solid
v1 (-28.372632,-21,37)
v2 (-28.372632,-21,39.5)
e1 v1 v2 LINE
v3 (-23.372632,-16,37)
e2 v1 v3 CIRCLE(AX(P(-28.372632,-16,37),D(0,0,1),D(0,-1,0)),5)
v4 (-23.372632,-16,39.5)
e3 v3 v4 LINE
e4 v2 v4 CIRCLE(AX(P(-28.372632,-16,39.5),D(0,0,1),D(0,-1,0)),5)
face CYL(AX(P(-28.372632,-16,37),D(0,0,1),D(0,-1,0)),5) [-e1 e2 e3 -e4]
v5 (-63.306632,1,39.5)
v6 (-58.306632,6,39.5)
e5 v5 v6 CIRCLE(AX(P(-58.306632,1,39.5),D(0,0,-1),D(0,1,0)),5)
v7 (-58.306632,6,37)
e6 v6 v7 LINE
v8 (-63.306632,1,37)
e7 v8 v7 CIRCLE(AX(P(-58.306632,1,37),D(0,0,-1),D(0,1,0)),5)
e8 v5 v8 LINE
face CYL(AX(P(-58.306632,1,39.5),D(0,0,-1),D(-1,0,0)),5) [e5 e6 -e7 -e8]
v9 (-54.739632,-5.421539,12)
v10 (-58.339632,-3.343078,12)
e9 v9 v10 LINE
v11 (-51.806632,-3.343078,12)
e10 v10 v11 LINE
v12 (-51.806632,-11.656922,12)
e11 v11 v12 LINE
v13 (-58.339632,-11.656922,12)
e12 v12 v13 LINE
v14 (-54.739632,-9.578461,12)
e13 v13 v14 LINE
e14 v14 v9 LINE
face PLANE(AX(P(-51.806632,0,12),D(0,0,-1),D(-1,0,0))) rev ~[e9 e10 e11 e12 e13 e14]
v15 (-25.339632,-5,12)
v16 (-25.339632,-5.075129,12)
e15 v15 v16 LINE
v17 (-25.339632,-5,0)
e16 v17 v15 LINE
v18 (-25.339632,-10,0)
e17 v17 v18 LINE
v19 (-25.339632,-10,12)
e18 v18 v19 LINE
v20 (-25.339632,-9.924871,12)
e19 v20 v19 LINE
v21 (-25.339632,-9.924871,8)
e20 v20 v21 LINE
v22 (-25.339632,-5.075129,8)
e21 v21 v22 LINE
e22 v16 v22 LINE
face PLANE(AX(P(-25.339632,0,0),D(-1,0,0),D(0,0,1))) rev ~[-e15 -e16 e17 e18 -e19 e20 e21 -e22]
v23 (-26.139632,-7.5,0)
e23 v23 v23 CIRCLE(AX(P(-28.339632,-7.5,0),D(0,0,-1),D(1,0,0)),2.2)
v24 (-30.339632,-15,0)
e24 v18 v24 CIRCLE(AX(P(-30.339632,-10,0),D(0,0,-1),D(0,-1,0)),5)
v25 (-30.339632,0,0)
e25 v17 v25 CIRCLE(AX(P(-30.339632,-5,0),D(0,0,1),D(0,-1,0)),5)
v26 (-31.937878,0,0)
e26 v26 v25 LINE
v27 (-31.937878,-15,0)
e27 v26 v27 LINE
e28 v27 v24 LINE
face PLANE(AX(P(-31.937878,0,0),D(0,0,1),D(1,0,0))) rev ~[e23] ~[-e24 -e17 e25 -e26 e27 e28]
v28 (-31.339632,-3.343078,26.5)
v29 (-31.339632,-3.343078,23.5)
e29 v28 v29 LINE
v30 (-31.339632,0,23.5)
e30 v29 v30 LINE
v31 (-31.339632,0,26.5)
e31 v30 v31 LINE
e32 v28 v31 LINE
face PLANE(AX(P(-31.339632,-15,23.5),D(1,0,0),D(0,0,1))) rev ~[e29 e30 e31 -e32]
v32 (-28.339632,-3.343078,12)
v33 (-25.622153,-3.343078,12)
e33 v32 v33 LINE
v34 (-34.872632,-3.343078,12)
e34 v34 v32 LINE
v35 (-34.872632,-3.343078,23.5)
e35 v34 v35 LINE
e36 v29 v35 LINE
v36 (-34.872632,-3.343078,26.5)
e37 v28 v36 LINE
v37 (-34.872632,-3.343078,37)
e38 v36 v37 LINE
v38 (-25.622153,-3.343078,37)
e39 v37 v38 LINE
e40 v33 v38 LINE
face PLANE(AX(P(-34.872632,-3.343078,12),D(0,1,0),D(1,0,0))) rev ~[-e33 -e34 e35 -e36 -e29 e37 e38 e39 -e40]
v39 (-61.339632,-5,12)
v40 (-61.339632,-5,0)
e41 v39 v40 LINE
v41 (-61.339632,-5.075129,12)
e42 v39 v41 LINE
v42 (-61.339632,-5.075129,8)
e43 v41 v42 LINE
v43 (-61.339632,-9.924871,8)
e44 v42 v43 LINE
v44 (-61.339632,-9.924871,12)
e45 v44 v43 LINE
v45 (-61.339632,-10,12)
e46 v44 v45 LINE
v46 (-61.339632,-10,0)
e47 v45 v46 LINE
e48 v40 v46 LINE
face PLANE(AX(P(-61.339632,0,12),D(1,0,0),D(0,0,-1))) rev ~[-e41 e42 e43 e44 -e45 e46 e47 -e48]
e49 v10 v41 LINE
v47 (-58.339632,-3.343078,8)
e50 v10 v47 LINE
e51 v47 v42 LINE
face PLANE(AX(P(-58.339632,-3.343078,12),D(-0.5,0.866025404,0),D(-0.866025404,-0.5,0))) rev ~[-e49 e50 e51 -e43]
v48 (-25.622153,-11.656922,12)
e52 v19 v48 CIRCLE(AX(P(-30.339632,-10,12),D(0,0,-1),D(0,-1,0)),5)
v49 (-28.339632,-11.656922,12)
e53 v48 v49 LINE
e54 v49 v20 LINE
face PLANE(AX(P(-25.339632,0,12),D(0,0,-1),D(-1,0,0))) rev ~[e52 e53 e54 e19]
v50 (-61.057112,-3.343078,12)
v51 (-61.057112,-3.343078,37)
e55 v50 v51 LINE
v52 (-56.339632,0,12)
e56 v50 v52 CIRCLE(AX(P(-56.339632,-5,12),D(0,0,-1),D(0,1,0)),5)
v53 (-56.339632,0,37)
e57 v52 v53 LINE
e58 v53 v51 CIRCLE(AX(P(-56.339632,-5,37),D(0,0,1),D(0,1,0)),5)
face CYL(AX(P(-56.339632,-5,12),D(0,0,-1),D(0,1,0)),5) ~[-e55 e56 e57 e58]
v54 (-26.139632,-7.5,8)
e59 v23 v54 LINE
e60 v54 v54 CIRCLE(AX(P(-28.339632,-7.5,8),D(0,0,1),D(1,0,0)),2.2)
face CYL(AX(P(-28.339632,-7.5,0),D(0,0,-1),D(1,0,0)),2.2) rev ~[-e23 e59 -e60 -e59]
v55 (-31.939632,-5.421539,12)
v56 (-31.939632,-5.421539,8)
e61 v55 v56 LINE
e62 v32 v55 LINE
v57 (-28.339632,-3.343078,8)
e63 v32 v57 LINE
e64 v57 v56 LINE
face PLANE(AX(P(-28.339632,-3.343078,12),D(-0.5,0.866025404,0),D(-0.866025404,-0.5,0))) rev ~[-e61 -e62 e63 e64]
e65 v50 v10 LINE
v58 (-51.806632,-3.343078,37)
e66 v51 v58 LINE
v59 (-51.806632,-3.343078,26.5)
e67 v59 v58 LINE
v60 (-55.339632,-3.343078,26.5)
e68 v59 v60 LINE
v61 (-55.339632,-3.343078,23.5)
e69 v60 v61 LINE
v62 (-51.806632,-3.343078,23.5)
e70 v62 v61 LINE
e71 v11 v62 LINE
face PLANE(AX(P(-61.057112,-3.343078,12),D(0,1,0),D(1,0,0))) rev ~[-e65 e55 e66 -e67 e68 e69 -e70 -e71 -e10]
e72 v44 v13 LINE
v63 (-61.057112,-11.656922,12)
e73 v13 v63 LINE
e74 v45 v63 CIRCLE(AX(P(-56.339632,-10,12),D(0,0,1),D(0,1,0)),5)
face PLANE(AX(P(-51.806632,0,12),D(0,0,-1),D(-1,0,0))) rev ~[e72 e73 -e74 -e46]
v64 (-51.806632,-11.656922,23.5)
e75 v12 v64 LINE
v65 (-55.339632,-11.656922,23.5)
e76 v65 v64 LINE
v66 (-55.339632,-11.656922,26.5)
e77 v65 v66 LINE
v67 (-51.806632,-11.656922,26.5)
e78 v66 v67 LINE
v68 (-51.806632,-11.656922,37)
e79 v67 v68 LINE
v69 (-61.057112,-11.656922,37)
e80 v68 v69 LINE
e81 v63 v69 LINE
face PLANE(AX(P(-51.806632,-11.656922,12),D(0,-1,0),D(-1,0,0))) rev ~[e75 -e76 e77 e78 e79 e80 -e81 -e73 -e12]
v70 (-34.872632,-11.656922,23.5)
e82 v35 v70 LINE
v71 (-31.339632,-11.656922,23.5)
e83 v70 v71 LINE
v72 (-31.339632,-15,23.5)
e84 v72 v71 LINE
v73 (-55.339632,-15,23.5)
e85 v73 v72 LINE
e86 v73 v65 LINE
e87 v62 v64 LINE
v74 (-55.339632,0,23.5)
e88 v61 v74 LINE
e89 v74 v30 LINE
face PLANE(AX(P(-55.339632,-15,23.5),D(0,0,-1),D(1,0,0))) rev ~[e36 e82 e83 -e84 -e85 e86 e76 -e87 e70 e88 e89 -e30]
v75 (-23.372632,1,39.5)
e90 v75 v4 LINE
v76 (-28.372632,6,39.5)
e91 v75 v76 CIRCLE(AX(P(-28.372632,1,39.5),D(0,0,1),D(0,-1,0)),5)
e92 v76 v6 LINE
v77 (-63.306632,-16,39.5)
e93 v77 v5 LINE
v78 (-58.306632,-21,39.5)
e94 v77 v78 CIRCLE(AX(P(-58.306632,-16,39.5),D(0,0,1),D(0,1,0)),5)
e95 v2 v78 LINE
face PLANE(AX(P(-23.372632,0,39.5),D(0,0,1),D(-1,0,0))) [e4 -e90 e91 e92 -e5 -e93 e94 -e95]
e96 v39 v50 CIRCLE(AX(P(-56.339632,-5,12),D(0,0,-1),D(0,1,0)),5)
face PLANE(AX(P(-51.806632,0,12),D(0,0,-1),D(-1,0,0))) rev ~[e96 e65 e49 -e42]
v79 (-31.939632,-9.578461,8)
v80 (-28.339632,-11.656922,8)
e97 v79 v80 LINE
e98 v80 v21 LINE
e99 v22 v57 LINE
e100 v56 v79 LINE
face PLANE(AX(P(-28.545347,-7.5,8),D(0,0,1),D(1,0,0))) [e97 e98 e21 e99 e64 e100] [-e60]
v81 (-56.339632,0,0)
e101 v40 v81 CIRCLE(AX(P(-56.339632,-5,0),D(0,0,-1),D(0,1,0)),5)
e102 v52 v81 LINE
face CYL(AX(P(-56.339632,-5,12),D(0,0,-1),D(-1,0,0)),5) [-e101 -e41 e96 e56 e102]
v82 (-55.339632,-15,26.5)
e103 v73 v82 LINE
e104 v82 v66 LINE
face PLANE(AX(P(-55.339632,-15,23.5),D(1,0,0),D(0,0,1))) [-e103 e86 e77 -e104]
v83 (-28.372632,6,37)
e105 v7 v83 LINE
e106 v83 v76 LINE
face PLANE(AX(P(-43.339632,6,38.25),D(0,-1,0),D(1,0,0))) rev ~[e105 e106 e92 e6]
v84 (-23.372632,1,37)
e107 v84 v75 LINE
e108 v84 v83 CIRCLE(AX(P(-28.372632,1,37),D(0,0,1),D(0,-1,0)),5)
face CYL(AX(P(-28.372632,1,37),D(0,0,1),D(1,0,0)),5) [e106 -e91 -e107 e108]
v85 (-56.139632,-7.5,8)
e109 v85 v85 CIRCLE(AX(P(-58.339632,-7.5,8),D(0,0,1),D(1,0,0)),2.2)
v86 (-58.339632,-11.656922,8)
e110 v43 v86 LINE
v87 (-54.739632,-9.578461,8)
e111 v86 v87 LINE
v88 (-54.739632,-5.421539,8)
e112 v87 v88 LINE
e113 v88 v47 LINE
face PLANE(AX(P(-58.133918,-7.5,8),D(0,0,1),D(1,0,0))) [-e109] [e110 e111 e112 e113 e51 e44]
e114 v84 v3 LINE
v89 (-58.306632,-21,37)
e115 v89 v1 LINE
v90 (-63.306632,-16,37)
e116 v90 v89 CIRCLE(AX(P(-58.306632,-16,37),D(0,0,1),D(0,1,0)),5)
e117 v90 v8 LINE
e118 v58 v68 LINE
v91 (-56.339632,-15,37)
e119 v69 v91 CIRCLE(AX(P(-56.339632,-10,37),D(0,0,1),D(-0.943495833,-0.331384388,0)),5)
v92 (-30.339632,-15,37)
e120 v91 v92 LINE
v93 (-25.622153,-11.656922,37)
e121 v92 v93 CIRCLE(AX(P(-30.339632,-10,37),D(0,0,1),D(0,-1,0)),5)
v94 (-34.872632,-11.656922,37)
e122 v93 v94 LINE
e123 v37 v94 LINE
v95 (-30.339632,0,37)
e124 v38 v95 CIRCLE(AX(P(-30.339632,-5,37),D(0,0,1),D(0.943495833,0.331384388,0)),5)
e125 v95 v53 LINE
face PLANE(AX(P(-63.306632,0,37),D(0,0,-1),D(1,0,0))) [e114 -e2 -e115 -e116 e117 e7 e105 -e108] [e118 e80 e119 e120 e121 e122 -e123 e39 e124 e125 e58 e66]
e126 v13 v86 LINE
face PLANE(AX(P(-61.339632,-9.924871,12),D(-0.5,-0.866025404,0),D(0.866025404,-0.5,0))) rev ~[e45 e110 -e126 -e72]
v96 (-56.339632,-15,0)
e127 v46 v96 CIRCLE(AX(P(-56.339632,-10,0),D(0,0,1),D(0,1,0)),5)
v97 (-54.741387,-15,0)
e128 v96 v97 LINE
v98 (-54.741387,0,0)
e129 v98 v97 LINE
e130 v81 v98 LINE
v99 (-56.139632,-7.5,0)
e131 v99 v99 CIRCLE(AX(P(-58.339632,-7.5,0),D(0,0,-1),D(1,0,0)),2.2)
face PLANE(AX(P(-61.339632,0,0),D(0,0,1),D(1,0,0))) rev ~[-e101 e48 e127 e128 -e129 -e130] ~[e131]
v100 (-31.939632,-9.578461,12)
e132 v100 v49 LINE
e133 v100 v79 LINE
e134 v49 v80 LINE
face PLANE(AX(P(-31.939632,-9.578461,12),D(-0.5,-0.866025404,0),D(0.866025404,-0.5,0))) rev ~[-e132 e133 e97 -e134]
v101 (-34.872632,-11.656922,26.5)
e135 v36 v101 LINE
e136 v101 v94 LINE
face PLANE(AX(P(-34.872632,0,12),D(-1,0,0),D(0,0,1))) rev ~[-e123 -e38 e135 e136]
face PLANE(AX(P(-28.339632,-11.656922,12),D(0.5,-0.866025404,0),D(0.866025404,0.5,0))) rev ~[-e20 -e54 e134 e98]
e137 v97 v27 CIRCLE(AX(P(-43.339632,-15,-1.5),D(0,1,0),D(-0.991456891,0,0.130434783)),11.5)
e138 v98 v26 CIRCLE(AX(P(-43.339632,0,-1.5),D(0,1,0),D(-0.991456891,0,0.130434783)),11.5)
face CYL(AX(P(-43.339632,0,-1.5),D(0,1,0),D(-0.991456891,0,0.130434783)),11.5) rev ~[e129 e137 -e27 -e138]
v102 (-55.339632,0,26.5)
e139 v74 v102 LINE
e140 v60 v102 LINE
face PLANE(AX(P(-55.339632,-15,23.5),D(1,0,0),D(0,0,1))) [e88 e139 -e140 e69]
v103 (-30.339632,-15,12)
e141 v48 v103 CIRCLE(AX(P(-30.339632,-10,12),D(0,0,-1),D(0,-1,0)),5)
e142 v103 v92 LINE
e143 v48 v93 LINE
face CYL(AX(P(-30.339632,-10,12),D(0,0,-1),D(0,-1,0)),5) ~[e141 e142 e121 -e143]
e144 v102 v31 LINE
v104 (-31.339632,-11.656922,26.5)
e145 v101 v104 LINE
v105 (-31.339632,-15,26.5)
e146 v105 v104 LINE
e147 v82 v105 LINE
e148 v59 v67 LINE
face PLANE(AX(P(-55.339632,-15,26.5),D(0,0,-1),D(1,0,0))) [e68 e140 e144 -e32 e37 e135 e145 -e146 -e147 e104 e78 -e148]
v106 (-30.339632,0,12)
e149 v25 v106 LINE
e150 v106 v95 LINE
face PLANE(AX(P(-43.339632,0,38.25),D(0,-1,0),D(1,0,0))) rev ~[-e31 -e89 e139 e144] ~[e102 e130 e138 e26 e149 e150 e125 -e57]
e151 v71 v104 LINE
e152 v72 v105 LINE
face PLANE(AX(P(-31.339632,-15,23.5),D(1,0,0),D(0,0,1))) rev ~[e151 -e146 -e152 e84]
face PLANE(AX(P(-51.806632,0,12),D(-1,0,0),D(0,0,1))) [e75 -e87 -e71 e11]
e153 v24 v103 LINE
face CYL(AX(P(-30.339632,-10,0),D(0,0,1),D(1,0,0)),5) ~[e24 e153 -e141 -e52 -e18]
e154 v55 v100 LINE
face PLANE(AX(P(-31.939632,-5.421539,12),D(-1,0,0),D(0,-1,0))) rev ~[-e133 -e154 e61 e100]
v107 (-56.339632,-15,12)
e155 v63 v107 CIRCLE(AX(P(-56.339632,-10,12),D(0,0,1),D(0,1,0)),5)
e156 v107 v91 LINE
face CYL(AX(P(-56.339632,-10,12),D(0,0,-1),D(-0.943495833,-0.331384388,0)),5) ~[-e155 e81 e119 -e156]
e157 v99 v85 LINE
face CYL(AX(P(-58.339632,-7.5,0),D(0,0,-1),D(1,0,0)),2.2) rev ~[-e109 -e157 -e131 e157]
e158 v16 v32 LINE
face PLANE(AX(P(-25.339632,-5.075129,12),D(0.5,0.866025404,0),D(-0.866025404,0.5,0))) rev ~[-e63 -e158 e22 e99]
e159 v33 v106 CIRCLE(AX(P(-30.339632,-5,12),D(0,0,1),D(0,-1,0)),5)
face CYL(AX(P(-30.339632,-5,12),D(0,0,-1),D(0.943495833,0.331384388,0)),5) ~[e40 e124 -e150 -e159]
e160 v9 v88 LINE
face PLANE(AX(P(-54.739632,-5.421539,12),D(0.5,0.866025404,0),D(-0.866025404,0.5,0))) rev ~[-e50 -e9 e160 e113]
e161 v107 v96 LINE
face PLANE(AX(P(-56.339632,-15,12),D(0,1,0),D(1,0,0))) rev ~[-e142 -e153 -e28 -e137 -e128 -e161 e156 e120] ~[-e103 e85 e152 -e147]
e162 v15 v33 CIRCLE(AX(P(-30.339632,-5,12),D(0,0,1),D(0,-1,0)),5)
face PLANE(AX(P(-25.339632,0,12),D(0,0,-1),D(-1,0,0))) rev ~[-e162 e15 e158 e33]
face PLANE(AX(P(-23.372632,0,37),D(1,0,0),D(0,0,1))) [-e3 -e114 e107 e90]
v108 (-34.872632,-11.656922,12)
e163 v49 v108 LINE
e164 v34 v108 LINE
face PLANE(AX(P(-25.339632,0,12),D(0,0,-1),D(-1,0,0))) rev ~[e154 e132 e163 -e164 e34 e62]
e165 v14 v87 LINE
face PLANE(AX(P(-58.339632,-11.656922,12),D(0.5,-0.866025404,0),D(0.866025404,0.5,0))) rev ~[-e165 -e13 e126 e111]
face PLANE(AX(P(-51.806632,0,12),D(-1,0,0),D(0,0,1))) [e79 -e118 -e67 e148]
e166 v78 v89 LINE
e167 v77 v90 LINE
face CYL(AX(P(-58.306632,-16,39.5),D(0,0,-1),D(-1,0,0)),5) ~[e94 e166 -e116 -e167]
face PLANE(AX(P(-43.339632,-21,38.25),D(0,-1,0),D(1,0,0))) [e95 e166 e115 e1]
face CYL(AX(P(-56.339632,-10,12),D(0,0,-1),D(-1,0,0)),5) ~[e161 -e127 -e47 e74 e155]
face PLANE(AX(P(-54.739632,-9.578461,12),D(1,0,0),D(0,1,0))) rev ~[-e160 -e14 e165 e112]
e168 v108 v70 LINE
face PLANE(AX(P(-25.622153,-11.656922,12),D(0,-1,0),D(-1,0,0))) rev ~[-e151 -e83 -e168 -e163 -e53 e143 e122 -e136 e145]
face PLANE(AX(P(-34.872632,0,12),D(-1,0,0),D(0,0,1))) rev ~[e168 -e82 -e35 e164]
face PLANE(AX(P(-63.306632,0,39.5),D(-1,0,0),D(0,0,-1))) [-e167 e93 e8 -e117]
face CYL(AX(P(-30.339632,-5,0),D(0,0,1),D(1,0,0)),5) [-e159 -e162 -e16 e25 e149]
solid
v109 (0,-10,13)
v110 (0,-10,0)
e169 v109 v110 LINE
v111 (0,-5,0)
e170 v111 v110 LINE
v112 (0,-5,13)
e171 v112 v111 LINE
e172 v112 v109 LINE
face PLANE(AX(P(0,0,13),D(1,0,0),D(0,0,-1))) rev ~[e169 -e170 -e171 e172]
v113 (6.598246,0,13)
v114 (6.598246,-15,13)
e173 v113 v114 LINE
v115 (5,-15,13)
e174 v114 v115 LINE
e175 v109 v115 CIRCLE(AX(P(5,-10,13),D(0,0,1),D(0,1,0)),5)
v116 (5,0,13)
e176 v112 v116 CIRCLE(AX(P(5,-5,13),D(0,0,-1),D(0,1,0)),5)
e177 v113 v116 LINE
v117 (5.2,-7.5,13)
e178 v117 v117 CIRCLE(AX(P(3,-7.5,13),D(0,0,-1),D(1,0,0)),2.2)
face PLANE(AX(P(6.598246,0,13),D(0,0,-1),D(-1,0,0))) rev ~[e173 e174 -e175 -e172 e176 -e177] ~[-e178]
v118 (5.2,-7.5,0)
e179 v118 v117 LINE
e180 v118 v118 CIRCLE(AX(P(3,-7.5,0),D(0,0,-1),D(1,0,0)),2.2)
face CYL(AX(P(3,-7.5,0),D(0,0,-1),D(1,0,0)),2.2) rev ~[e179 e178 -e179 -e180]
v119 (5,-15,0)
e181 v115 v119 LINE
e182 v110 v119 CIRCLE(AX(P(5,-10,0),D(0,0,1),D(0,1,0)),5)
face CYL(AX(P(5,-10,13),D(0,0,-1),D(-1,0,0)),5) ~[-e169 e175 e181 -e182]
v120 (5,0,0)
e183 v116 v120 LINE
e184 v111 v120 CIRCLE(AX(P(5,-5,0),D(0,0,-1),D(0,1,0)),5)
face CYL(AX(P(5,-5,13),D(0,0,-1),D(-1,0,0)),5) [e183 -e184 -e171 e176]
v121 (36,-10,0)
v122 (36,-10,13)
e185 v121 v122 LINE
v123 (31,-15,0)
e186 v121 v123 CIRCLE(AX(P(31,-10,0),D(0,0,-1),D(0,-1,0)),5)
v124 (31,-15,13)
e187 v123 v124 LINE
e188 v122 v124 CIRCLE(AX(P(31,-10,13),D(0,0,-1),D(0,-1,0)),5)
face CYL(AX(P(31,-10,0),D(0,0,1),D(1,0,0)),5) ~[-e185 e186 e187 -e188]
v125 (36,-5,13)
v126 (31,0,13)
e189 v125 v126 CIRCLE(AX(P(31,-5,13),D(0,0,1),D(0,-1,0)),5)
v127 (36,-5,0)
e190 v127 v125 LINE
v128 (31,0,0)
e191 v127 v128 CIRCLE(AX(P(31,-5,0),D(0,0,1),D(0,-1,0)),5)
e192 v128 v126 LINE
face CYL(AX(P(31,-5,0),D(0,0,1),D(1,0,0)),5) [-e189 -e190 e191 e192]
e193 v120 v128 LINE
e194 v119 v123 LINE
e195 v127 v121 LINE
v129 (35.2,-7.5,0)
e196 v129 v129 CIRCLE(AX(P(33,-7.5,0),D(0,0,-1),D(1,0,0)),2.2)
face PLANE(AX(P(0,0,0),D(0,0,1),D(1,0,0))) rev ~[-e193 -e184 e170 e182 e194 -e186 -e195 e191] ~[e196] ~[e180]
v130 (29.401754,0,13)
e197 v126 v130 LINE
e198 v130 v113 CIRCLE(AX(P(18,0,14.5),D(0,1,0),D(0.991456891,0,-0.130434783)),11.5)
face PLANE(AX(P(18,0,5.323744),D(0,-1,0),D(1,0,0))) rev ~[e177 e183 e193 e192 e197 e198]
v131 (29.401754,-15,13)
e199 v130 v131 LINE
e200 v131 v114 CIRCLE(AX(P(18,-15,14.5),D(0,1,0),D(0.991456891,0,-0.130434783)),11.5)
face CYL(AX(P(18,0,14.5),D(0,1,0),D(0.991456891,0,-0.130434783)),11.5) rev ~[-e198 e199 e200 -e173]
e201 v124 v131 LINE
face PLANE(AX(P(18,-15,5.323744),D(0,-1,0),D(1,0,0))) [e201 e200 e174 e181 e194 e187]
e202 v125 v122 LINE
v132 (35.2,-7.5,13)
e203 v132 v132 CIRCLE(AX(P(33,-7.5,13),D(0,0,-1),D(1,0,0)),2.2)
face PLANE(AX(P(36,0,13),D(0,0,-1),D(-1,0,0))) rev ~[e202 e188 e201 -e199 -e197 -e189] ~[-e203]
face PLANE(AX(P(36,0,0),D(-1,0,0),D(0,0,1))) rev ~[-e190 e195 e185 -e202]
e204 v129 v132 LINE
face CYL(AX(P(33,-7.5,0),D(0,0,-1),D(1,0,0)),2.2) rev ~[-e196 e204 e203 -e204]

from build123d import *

# Parameters (mm, degrees)
F1_DEPTH  = 15
F2_R      = 5
F3_R      = 2.2
F4_DEPTH  = 25
F5_W      = 16.9340001484
F5_H      = 25
F6_DEPTH  = 15
F7_DEPTH  = 21
F8_DEPTH  = 6
F9_R      = 5
F10_R     = 2.2
F11_R     = 2.2
F12_DEPTH = 25
F13_R     = 2.2
F14_DEPTH = 4
F15_R     = 2.2
F16_DEPTH = 4
F17_DEPTH = 25
F18_R     = 5
F19_W     = 24
F19_H     = 3
F20_DEPTH = 25


with BuildPart() as f1:
    # F0 (on Front) → F1 (new body)
    with BuildSketch(Plane.XZ):
        with BuildLine():
            Line((0, 13), (0, 0))
            Line((0, 0), (36, 0))
            Line((36, 0), (36, 13))
            Line((36, 13), (29.401754251, 13))
            ThreePointArc((29.401754251, 13), (18, 3), (6.598245749, 13))
            Line((6.598245749, 13), (0, 13))
        make_face()
    extrude(amount=F1_DEPTH)

    # F2
    f2_edges = [f1.edges().sort_by_distance(p)[0] for p in [
        (0, -15, 6.5),
        (36, -15, 6.5),
        (36, 0, 6.5),
        (0, 0, 6.5),
    ]]
    fillet(f2_edges, radius=F2_R)

    # F3 (on face) → F4 (cut)
    with BuildSketch(Plane(origin=(0, 0, 0), x_dir=(1, 0, 0), z_dir=(0, 0, -1))):
        with Locations((3, 7.5)):
            Circle(F3_R)
        with Locations((33, 7.5)):
            Circle(F3_R)
    extrude(amount=-F4_DEPTH, mode=Mode.SUBTRACT)


with BuildPart() as f6:
    # F5 (on Front) → F6 (new body)
    with BuildSketch(Plane.XZ):
        with BuildLine():
            Line((-61.3396323552, 12), (-61.3396323552, 0))
            Line((-61.3396323552, 0), (-54.7413866062, 0))
            ThreePointArc((-54.7413866062, 0), (-43.3396323552, 10), (-31.9378781042, 0))
            Line((-31.9378781042, 0), (-25.3396323552, 0))
            Line((-25.3396323552, 0), (-25.3396323552, 12))
            Line((-25.3396323552, 12), (-34.872632281, 12))
            Line((-34.872632281, 12), (-51.8066324294, 12))
            Line((-51.8066324294, 12), (-61.3396323552, 12))
        make_face()
        with Locations((-43.3396323552, 24.5)):
            Rectangle(F5_W, F5_H)
    extrude(amount=F6_DEPTH)

    # F5 (on Front) → F7 (join)
    with BuildSketch(Plane.XZ):
        Polygon((-63.3066324294, 37), (-51.8066324294, 37), (-34.872632281, 37), (-23.372632281, 37), (-23.372632281, 39.5), (-63.3066324294, 39.5), align=None)
    extrude(amount=F7_DEPTH)

    # F5 (on Front) → F8 (join)
    with BuildSketch(Plane.XZ):
        Polygon((-63.3066324294, 37), (-51.8066324294, 37), (-34.872632281, 37), (-23.372632281, 37), (-23.372632281, 39.5), (-63.3066324294, 39.5), align=None)
    extrude(amount=-F8_DEPTH)

    # F9
    f9_edges = [f6.edges().sort_by_distance(p)[0] for p in [
        (-25.339632, -15, 6),
        (-25.339632, 0, 6),
        (-61.339632, -15, 6),
        (-61.339632, 0, 6),
    ]]
    fillet(f9_edges, radius=F9_R)

    # F10 (on face) + F11 (on face) → F12 (cut)
    with BuildSketch(Plane(origin=(0, 0, 0), x_dir=(1, 0, 0), z_dir=(0, 0, -1))):
        with Locations((-58.3396323552, 7.5)):
            Circle(F10_R)
    with BuildSketch(Plane(origin=(0, 0, 0), x_dir=(1, 0, 0), z_dir=(0, 0, -1))):
        with Locations((-28.3396323552, 7.5)):
            Circle(F11_R)
    extrude(amount=-F12_DEPTH, mode=Mode.SUBTRACT)

    # F13 (on face) → F14 (cut)
    with BuildSketch(Plane.XY.offset(12)):
        Polygon((-61.3396323552, -5.0751288694), (-61.3396323552, -9.9248711306), (-58.3396323552, -11.6569219382), (-54.7396323552, -9.5784609691), (-54.7396323552, -5.4215390309), (-58.3396323552, -3.3430780618), align=None)
        with Locations((-58.3396323552, -7.5)):
            Circle(F13_R, mode=Mode.SUBTRACT)
    extrude(amount=-F14_DEPTH, mode=Mode.SUBTRACT)

    # F15 (on face) → F16 (cut)
    with BuildSketch(Plane.XY.offset(12)):
        Polygon((-25.3396323552, -9.9248711306), (-25.3396323552, -5.0751288694), (-28.3396323552, -3.3430780618), (-31.9396323552, -5.4215390309), (-31.9396323552, -9.5784609691), (-28.3396323552, -11.6569219382), align=None)
        with Locations((-28.3396323552, -7.5)):
            Circle(F15_R, mode=Mode.SUBTRACT)
    extrude(amount=-F16_DEPTH, mode=Mode.SUBTRACT)

    # F13 (on face) + F15 (on face) → F17 (join, through all)
    with BuildSketch(Plane.XY.offset(12)):
        with BuildLine():
            Line((-51.8066324294, -11.6569219382), (-58.3396323552, -11.6569219382))
            Line((-58.3396323552, -11.6569219382), (-61.0571115222, -11.6569219382))
            ThreePointArc((-61.0571115222, -11.6569219382), (-59.2306002129, -14.079498112), (-56.3396323552, -15))
            Line((-56.3396323552, -15), (-51.8066324294, -15))
            Line((-51.8066324294, -15), (-51.8066324294, -11.6569219382))
        make_face()
        with BuildLine():
            Line((-61.0571115222, -3.3430780618), (-58.3396323552, -3.3430780618))
            Line((-58.3396323552, -3.3430780618), (-51.8066324294, -3.3430780618))
            Line((-51.8066324294, -3.3430780618), (-51.8066324294, 0))
            Line((-51.8066324294, 0), (-56.3396323552, 0))
            ThreePointArc((-56.3396323552, 0), (-59.2306002129, -0.920501888), (-61.0571115222, -3.3430780618))
        make_face()
    with BuildSketch(Plane.XY.offset(12)):
        with BuildLine():
            Line((-25.6221531882, -11.6569219382), (-28.3396323552, -11.6569219382))
            Line((-28.3396323552, -11.6569219382), (-34.872632281, -11.6569219382))
            Line((-34.872632281, -11.6569219382), (-34.872632281, -15))
            Line((-34.872632281, -15), (-30.3396323552, -15))
            ThreePointArc((-30.3396323552, -15), (-27.4486644974, -14.079498112), (-25.6221531882, -11.6569219382))
        make_face()
        with BuildLine():
            Line((-34.872632281, -3.3430780618), (-28.3396323552, -3.3430780618))
            Line((-28.3396323552, -3.3430780618), (-25.6221531882, -3.3430780618))
            ThreePointArc((-25.6221531882, -3.3430780618), (-27.4486644974, -0.920501888), (-30.3396323552, 0))
            Line((-30.3396323552, 0), (-34.872632281, 0))
            Line((-34.872632281, 0), (-34.872632281, -3.3430780618))
        make_face()
    extrude(amount=F17_DEPTH)

    # F18
    f18_edges = [f6.edges().sort_by_distance(p)[0] for p in [
        (-23.372632, -21, 38.25),
        (-23.372632, 6, 38.25),
        (-63.306632, 6, 38.25),
        (-63.306632, -21, 38.25),
    ]]
    fillet(f18_edges, radius=F18_R)

    # F19 (on face) → F20 (cut)
    with BuildSketch(Plane.XZ.offset(15)):
        with Locations((-43.3396323552, 25)):
            Rectangle(F19_W, F19_H)
    extrude(amount=-F20_DEPTH, mode=Mode.SUBTRACT)


solid = Compound([f1.part, f6.part])
